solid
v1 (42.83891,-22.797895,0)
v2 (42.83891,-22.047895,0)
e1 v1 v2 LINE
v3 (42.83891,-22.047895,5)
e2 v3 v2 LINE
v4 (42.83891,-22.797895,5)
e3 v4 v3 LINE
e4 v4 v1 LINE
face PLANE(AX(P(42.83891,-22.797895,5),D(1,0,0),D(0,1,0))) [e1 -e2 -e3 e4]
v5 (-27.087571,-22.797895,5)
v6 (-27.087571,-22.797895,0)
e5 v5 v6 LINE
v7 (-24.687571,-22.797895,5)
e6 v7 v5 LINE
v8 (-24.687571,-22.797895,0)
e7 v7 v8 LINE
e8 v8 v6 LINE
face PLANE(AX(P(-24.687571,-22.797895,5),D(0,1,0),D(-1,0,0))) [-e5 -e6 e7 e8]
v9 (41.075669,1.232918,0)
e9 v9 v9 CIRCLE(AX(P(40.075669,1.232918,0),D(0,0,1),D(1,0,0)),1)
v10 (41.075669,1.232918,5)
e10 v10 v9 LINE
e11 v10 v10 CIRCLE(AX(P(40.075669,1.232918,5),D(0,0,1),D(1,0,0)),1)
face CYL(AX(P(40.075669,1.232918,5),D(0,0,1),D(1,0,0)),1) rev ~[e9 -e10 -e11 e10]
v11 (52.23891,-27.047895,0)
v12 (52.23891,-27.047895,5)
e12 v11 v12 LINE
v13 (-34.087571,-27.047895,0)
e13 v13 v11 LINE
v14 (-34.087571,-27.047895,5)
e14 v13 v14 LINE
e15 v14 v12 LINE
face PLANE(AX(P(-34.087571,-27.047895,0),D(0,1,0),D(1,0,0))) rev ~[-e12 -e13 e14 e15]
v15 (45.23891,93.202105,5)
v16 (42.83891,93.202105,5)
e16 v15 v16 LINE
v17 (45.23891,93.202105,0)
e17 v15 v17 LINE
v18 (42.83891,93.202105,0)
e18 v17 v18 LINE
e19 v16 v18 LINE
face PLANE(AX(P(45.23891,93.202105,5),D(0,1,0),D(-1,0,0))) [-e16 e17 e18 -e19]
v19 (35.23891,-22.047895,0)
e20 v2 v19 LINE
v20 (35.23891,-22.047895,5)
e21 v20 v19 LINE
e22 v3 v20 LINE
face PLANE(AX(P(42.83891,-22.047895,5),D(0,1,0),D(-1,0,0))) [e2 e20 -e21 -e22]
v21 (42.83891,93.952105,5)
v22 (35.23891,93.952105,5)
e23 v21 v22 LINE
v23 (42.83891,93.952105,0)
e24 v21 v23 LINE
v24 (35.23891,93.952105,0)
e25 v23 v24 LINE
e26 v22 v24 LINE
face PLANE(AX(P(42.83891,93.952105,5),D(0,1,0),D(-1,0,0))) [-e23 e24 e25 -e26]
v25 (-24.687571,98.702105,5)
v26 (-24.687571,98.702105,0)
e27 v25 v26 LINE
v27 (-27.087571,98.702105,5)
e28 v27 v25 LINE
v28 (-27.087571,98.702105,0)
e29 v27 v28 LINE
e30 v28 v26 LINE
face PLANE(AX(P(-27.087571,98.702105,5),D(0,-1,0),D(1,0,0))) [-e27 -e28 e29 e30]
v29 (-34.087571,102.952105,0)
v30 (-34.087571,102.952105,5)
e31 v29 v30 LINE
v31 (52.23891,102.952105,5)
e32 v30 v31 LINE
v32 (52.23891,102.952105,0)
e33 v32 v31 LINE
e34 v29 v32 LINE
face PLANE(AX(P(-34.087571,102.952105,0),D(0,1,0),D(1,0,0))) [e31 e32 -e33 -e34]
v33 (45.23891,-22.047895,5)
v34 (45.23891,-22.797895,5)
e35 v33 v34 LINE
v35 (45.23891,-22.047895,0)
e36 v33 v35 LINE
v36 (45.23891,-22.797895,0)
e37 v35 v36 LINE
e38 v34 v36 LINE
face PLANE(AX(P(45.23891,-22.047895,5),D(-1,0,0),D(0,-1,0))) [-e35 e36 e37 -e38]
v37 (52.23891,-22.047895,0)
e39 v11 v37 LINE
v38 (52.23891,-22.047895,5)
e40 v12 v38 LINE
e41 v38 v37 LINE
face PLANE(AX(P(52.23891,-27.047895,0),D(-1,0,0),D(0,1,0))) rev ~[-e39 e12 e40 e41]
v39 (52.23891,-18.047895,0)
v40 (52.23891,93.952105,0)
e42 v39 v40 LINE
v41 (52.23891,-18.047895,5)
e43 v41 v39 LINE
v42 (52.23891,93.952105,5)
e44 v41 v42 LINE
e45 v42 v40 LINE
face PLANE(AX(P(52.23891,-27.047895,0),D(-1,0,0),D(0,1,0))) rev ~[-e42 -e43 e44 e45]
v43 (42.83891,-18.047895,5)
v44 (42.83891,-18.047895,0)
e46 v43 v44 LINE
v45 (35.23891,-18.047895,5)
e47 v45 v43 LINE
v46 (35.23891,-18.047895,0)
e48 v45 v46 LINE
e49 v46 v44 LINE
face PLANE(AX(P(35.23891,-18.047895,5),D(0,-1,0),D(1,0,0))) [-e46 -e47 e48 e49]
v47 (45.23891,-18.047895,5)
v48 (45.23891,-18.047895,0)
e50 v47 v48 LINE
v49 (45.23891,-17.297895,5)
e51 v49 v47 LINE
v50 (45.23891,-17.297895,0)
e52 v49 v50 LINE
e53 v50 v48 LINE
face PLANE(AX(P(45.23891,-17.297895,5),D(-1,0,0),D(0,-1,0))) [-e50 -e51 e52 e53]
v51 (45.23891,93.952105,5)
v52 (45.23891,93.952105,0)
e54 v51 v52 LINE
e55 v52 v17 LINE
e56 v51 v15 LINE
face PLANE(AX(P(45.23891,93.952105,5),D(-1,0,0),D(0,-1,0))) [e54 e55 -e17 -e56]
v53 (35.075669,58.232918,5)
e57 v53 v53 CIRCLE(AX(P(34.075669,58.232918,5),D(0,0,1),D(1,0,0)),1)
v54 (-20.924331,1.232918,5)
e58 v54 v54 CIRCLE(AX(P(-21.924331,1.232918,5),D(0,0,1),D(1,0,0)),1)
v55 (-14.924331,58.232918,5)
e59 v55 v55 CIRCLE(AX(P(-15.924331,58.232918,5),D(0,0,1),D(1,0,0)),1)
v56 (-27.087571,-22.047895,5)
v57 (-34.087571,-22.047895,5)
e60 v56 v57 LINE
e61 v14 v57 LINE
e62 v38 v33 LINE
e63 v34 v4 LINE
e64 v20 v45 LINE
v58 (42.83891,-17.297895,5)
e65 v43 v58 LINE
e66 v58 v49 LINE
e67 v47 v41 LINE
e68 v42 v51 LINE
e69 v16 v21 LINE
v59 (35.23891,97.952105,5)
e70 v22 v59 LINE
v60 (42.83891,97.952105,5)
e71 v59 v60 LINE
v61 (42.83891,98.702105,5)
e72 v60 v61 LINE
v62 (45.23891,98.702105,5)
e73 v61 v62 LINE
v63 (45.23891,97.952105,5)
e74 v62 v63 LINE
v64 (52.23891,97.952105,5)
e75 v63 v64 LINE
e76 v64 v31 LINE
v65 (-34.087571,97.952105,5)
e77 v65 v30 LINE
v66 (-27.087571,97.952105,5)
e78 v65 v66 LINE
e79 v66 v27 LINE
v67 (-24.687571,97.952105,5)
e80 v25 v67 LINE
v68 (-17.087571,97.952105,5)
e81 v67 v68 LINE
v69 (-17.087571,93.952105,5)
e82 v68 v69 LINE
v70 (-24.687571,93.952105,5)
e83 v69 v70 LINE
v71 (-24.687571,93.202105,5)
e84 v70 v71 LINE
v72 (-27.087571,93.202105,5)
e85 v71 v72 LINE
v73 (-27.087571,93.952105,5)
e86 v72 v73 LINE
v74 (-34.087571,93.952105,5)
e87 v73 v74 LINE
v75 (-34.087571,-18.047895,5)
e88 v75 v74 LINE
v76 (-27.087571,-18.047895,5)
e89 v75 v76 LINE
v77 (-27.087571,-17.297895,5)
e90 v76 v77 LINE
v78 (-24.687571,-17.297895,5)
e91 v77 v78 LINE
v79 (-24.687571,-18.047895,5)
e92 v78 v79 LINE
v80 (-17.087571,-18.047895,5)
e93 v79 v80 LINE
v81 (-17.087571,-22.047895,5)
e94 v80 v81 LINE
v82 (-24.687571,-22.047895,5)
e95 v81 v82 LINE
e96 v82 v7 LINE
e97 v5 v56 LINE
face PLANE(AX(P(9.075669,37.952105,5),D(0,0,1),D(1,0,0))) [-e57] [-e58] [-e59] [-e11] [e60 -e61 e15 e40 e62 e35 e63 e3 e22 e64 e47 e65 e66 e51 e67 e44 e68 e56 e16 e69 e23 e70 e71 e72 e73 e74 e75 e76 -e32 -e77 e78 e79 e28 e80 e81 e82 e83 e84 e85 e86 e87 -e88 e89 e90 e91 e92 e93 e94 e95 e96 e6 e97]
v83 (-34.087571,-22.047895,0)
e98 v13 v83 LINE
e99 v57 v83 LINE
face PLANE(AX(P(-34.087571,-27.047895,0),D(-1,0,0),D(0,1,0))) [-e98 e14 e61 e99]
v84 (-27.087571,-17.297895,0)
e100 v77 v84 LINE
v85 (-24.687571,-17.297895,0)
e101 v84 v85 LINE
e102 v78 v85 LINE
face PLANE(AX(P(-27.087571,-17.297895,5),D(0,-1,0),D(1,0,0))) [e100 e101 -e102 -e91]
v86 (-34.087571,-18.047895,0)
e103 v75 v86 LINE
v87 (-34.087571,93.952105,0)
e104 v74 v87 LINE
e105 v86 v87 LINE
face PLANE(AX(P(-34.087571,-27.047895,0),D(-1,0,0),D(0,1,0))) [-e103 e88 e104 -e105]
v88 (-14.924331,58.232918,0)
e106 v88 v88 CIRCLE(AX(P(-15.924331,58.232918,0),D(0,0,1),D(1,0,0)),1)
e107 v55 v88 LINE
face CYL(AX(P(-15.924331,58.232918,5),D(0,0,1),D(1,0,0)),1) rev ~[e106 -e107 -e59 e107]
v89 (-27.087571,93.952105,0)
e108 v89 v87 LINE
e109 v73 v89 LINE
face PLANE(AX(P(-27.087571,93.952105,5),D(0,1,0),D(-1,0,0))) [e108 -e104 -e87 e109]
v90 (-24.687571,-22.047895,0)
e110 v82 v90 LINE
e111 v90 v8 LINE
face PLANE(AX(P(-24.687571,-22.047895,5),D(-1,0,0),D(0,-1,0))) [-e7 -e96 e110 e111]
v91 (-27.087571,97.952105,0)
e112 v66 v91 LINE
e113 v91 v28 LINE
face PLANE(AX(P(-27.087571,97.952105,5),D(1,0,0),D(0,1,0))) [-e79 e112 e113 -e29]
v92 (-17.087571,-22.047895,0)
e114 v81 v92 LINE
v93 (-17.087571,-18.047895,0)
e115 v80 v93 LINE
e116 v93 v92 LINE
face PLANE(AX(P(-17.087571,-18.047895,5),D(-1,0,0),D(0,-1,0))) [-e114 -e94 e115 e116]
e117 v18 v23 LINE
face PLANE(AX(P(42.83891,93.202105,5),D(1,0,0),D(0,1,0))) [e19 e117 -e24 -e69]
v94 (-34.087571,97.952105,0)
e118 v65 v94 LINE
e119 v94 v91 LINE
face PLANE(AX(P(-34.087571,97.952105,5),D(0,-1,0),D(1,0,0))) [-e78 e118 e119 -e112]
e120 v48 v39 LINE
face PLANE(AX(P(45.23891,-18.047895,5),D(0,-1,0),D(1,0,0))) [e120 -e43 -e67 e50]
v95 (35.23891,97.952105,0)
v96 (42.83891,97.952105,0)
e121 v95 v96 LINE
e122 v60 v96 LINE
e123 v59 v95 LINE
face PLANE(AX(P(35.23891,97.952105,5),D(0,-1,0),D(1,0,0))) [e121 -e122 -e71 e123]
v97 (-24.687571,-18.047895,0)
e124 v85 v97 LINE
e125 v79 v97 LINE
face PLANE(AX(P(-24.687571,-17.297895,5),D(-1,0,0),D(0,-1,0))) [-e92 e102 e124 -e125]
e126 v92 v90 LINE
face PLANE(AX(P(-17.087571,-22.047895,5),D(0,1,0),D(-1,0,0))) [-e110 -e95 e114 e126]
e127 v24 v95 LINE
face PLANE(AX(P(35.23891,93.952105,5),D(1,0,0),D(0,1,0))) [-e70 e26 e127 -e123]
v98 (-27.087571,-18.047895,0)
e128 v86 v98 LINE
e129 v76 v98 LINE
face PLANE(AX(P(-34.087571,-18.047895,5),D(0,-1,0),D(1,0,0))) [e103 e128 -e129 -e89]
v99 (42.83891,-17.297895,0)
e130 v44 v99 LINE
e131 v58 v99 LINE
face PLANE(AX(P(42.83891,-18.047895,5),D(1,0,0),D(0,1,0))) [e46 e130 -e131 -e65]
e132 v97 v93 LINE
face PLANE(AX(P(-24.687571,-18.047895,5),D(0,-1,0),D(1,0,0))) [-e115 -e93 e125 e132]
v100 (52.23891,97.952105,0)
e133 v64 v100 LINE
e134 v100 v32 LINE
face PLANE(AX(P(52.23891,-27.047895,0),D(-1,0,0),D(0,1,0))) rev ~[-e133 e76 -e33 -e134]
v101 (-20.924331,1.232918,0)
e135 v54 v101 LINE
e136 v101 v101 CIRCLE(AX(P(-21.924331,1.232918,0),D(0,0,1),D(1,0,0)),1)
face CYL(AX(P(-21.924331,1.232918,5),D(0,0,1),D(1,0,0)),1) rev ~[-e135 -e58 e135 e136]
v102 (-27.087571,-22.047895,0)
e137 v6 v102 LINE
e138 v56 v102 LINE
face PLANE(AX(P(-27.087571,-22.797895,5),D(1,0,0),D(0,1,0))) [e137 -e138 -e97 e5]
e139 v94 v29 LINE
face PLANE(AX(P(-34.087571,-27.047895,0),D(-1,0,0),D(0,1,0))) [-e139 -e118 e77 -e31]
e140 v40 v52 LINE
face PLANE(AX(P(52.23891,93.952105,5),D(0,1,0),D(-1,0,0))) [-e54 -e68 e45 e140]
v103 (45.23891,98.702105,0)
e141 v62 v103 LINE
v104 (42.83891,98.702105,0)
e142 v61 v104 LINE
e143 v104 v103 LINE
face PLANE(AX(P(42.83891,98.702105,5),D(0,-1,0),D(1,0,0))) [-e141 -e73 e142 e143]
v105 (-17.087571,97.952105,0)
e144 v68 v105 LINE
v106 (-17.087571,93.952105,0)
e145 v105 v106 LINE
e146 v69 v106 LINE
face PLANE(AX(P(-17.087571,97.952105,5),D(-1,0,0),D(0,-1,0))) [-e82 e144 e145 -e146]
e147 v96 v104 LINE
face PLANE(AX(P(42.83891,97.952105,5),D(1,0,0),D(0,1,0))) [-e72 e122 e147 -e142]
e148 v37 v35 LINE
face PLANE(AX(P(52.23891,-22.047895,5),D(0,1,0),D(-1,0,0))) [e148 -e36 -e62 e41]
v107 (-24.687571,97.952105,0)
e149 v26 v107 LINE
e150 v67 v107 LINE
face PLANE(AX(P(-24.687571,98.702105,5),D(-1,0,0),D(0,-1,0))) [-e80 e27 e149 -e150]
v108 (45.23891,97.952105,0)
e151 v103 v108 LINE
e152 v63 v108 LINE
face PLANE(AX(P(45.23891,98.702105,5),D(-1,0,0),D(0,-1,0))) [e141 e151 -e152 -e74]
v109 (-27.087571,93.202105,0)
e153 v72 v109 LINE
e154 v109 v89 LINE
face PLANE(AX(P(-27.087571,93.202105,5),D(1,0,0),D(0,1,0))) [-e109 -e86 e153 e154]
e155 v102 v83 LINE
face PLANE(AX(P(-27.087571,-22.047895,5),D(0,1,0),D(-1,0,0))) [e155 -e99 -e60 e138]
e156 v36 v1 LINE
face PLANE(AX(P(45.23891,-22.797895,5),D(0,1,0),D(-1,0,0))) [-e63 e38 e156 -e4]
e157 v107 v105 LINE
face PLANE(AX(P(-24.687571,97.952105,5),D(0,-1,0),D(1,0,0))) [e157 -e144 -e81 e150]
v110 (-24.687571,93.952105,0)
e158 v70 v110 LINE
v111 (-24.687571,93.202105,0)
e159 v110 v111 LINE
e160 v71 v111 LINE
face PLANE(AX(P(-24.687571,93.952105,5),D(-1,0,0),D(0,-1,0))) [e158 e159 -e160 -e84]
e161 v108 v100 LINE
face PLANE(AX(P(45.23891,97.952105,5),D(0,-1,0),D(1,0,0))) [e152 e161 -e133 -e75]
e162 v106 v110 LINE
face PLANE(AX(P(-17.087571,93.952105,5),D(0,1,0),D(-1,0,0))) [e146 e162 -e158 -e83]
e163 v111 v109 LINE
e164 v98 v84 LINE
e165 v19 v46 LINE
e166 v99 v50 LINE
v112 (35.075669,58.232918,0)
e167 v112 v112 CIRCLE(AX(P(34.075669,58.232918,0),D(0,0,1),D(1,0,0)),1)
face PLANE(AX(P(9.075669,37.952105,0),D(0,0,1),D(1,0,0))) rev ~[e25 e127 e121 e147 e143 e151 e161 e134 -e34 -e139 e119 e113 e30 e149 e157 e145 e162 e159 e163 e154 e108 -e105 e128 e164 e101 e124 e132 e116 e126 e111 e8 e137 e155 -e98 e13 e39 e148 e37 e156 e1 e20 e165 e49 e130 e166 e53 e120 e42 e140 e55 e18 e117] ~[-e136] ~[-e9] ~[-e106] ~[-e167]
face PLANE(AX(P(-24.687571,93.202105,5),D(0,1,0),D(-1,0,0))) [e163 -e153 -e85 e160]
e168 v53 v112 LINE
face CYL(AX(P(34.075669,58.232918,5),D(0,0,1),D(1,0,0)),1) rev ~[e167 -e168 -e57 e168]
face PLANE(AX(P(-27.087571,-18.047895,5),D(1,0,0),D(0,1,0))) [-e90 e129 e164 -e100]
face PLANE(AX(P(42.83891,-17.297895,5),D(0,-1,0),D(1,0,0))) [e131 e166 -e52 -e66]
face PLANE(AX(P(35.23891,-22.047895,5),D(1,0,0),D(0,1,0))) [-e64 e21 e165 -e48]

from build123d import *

# Parameters (mm, degrees)
SKETCH1_W           = 86.32648043
SKETCH1_H           = 130
BOSS_EXTRUDE1_DEPTH = 5
CUT_EXTRUDE2_DEPTH  = 10
SKETCH4_R           = 1
CUT_EXTRUDE3_DEPTH  = 10


with BuildPart() as part:
    # Sketch1 → Boss-Extrude1 (new body)
    with BuildSketch(Plane.XY):
        with Locations((9.075669342, 37.952105326)):
            Rectangle(SKETCH1_W, SKETCH1_H)
    extrude(amount=BOSS_EXTRUDE1_DEPTH)

    # Sketch3 → Cut-Extrude2 (cut)
    with BuildSketch(Plane.XY.offset(5)):
        Polygon((-34.087570873, -18.047894674), (-27.087570873, -18.047894674), (-27.087570873, -17.297894674), (-24.687570873, -17.297894674), (-24.687570873, -18.047894674), (-17.087570873, -18.047894674), (-17.087570873, -22.047894674), (-24.687570873, -22.047894674), (-24.687570873, -22.797894674), (-27.087570873, -22.797894674), (-27.087570873, -22.047894674), (-34.087570873, -22.047894674), align=None)
        Polygon((52.238909557, -18.047894674), (52.238909557, -22.047894674), (45.238909557, -22.047894674), (45.238909557, -22.797894674), (42.838909557, -22.797894674), (42.838909557, -22.047894674), (35.238909557, -22.047894674), (35.238909557, -18.047894674), (42.838909557, -18.047894674), (42.838909557, -17.297894674), (45.238909557, -17.297894674), (45.238909557, -18.047894674), align=None)
        Polygon((52.238909557, 93.952105326), (45.238909557, 93.952105326), (45.238909557, 93.202105326), (42.838909557, 93.202105326), (42.838909557, 93.952105326), (35.238909557, 93.952105326), (35.238909557, 97.952105326), (42.838909557, 97.952105326), (42.838909557, 98.702105326), (45.238909557, 98.702105326), (45.238909557, 97.952105326), (52.238909557, 97.952105326), align=None)
        Polygon((-34.087570873, 93.952105326), (-34.087570873, 97.952105326), (-27.087570873, 97.952105326), (-27.087570873, 98.702105326), (-24.687570873, 98.702105326), (-24.687570873, 97.952105326), (-17.087570873, 97.952105326), (-17.087570873, 93.952105326), (-24.687570873, 93.952105326), (-24.687570873, 93.202105326), (-27.087570873, 93.202105326), (-27.087570873, 93.952105326), align=None)
    extrude(amount=-CUT_EXTRUDE2_DEPTH, mode=Mode.SUBTRACT)

    # Sketch4 → Cut-Extrude3 (cut)
    with BuildSketch(Plane.XY.offset(5)):
        with Locations((40.075669342, 1.232918464)):
            Circle(SKETCH4_R)
        with Locations((-21.924330658, 1.232918464)):
            Circle(SKETCH4_R)
        with Locations((-15.924330658, 58.232918464)):
            Circle(SKETCH4_R)
        with Locations((34.075669342, 58.232918464)):
            Circle(SKETCH4_R)
    extrude(amount=-CUT_EXTRUDE3_DEPTH, mode=Mode.SUBTRACT)


solid = part.part
